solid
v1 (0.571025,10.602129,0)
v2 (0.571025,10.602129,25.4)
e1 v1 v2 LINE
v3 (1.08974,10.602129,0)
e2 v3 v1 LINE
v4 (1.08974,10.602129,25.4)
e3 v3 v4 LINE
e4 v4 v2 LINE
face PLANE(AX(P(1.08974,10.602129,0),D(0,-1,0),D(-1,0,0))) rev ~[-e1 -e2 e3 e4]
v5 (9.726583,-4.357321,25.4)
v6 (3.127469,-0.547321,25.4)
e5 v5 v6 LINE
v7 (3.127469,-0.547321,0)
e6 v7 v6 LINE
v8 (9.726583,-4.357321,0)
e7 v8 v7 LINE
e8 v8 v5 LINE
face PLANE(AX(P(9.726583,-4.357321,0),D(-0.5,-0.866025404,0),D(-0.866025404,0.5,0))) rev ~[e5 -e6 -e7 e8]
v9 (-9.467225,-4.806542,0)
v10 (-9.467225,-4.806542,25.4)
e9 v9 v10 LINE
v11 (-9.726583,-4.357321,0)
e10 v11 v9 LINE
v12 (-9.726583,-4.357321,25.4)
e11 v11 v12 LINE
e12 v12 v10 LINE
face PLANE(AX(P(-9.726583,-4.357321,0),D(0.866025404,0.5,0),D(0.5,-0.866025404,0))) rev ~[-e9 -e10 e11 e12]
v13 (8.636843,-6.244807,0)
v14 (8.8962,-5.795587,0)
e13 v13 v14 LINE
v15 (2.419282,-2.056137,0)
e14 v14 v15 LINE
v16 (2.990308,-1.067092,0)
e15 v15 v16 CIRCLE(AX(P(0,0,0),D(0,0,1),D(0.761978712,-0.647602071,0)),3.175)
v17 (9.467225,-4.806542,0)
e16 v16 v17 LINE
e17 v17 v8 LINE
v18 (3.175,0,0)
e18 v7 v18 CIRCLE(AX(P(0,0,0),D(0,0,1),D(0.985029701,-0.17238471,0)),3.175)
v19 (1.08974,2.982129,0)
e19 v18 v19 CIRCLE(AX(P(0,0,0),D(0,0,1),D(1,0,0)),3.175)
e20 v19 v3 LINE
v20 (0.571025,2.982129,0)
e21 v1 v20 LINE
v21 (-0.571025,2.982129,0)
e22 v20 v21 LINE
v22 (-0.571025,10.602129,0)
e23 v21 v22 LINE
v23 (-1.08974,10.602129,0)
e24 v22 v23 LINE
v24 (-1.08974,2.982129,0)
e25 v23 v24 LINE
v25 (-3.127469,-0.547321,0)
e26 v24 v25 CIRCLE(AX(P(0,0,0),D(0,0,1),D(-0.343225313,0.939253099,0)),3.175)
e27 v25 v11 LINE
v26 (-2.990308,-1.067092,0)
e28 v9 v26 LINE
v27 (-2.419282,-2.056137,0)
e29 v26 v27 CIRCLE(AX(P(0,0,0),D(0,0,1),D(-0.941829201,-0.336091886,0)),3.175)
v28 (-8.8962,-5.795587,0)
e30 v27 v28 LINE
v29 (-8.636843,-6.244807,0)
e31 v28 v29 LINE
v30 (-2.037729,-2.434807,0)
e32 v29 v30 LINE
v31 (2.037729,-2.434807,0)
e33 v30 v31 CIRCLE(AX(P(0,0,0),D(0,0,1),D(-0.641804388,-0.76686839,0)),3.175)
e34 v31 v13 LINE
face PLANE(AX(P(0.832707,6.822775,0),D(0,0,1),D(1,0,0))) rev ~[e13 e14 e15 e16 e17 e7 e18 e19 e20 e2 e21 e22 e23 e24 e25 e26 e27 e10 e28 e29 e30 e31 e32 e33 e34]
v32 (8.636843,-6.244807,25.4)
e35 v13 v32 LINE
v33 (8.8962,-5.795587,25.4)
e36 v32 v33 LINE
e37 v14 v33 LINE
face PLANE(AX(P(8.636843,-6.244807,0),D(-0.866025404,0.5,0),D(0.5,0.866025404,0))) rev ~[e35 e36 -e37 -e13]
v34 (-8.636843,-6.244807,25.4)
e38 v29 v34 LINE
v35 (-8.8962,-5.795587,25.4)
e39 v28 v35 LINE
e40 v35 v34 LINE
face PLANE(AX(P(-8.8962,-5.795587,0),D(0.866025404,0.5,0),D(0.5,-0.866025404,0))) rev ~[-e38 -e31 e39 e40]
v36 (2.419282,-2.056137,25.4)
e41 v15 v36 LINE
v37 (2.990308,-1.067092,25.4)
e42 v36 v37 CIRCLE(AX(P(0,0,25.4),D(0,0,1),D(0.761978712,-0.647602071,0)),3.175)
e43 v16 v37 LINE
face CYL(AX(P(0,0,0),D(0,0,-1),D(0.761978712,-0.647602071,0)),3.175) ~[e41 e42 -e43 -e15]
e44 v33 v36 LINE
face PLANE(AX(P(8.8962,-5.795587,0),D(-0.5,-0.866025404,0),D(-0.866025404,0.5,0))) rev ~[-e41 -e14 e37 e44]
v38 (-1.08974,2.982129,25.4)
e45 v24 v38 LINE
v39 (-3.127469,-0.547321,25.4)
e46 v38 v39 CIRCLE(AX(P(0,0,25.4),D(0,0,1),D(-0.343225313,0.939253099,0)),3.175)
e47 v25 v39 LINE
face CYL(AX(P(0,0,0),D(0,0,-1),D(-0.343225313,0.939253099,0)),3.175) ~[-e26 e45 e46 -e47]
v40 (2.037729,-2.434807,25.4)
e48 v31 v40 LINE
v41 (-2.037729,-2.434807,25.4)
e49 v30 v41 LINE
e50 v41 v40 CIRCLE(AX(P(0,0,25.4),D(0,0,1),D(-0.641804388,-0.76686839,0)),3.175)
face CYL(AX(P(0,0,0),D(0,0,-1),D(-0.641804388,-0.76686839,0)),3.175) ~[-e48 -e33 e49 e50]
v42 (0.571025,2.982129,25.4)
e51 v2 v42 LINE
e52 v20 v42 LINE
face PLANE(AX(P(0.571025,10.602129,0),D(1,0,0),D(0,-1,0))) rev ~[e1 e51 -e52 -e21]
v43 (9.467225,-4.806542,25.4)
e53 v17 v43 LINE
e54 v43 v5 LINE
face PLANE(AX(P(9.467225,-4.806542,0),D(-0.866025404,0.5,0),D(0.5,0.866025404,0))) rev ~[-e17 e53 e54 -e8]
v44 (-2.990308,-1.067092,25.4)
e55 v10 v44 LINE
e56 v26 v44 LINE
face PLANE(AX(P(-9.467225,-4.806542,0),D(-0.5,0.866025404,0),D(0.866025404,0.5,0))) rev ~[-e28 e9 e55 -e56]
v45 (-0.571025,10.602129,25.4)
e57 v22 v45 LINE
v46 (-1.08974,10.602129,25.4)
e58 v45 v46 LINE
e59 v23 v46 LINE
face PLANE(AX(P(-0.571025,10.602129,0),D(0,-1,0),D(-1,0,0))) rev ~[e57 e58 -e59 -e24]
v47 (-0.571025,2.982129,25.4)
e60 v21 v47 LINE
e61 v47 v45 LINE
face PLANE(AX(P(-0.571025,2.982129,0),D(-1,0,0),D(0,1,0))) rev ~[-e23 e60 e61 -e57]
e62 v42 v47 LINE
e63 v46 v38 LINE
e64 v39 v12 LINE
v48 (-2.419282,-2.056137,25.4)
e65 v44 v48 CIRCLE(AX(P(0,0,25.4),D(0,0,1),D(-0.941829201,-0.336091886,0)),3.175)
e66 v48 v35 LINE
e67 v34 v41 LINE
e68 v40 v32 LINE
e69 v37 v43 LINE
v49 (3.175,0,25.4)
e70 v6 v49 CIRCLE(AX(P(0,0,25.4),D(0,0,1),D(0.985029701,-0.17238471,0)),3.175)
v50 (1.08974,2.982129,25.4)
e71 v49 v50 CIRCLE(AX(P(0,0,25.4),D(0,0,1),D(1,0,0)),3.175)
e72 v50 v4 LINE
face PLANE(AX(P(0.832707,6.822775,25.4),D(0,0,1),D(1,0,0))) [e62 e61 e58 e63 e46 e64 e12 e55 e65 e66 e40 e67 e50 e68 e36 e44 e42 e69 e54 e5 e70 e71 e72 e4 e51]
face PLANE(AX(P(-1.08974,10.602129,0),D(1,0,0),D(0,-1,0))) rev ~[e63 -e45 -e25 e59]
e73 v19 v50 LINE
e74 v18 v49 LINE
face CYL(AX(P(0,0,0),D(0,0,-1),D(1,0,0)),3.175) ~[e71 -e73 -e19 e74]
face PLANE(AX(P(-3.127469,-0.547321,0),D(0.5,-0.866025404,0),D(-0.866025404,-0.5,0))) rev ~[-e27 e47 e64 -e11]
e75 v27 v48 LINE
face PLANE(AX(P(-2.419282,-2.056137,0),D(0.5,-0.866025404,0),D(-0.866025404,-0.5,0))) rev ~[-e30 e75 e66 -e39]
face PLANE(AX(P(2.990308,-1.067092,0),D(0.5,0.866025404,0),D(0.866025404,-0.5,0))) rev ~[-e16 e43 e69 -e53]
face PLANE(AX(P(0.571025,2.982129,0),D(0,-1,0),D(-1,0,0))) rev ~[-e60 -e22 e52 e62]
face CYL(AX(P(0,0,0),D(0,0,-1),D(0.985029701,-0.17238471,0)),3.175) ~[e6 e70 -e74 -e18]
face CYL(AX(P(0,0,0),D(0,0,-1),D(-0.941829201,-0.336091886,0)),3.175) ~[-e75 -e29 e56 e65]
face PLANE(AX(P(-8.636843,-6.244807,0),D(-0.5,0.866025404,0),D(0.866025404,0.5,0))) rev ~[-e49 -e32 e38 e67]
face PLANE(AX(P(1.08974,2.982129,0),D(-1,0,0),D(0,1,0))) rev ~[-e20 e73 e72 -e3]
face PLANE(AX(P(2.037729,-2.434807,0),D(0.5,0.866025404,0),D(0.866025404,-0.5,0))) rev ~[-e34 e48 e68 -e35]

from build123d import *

# Parameters (mm, degrees)
F1_DEPTH = 25.4


with BuildPart() as f1:
    # F0 (on Top) → F1 (new body)
    with BuildSketch(Plane.XY):
        with BuildLine():
            ThreePointArc((0.5710253026, 3.1232283144), (0.8333744276, 3.0636762335), (1.0897403684, 2.9821285904))
            Line((1.0897403684, 2.9821285904), (1.0897403684, 10.6021285904))
            Line((1.0897403684, 10.6021285904), (0.5710253026, 10.6021285904))
            Line((0.5710253026, 10.6021285904), (0.5710253026, 3.1232283144))
        make_face()
        with BuildLine():
            ThreePointArc((-1.0897403684, 2.9821285904), (-0.8333744276, 3.0636762335), (-0.5710253026, 3.1232283144))
            Line((-0.5710253026, 3.1232283144), (-0.5710253026, 10.6021285904))
            Line((-0.5710253026, 10.6021285904), (-1.0897403684, 10.6021285904))
            Line((-1.0897403684, 10.6021285904), (-1.0897403684, 2.9821285904))
        make_face()
        with BuildLine():
            ThreePointArc((-2.9903077134, -1.0670917389), (-3.0699086609, -0.8101146916), (-3.1274693008, -0.5473214526))
            Line((-3.1274693008, -0.5473214526), (-9.7265828776, -4.3573214526))
            Line((-9.7265828776, -4.3573214526), (-9.4672253448, -4.8065418769))
            Line((-9.4672253448, -4.8065418769), (-2.9903077134, -1.0670917389))
        make_face()
        with BuildLine():
            Line((-8.6368425092, -6.2448071378), (-2.0377289324, -2.4348071378))
            ThreePointArc((-2.0377289324, -2.4348071378), (-2.2365342333, -2.2535615419), (-2.4192824108, -2.0561365755))
            Line((-2.4192824108, -2.0561365755), (-8.8962000421, -5.7955867135))
            Line((-8.8962000421, -5.7955867135), (-8.6368425092, -6.2448071378))
        make_face()
        with BuildLine():
            Line((8.8962000421, -5.7955867135), (2.4192824108, -2.0561365755))
            ThreePointArc((2.4192824108, -2.0561365755), (2.2365342333, -2.2535615419), (2.0377289324, -2.4348071378))
            Line((2.0377289324, -2.4348071378), (8.6368425092, -6.2448071378))
            Line((8.6368425092, -6.2448071378), (8.8962000421, -5.7955867135))
        make_face()
        with BuildLine():
            Line((9.7265828776, -4.3573214526), (3.1274693008, -0.5473214526))
            ThreePointArc((3.1274693008, -0.5473214526), (3.0699086609, -0.8101146916), (2.9903077134, -1.0670917389))
            Line((2.9903077134, -1.0670917389), (9.4672253448, -4.8065418769))
            Line((9.4672253448, -4.8065418769), (9.7265828776, -4.3573214526))
        make_face()
        with BuildLine():
            Line((0.5710253026, 2.9821285904), (1.0897403684, 2.9821285904))
            ThreePointArc((1.0897403684, 2.9821285904), (0.8333744276, 3.0636762335), (0.5710253026, 3.1232283144))
            Line((0.5710253026, 3.1232283144), (0.5710253026, 2.9821285904))
        make_face()
        with BuildLine():
            Line((-0.5710253026, 2.9821285904), (-0.5710253026, 3.1232283144))
            ThreePointArc((-0.5710253026, 3.1232283144), (-0.8333744276, 3.0636762335), (-1.0897403684, 2.9821285904))
            Line((-1.0897403684, 2.9821285904), (-0.5710253026, 2.9821285904))
        make_face()
        with BuildLine():
            ThreePointArc((3.1274693008, -0.5473214526), (3.1630950057, -0.2746907078), (3.175, 0))
            ThreePointArc((3.175, 0), (2.6019752756, 1.819436634), (1.0897403684, 2.9821285904))
            Line((1.0897403684, 2.9821285904), (0.5710253026, 2.9821285904))
            Line((0.5710253026, 2.9821285904), (-0.5710253026, 2.9821285904))
            Line((-0.5710253026, 2.9821285904), (-1.0897403684, 2.9821285904))
            ThreePointArc((-1.0897403684, 2.9821285904), (-2.749630657, 1.5875), (-3.1274693008, -0.5473214526))
            ThreePointArc((-3.1274693008, -0.5473214526), (-3.0699086609, -0.8101146916), (-2.9903077134, -1.0670917389))
            ThreePointArc((-2.9903077134, -1.0670917389), (-2.749630657, -1.5875), (-2.4192824108, -2.0561365755))
            ThreePointArc((-2.4192824108, -2.0561365755), (-2.2365342333, -2.2535615419), (-2.0377289324, -2.4348071378))
            ThreePointArc((-2.0377289324, -2.4348071378), (0, -3.175), (2.0377289324, -2.4348071378))
            ThreePointArc((2.0377289324, -2.4348071378), (2.2365342333, -2.2535615419), (2.4192824108, -2.0561365755))
            ThreePointArc((2.4192824108, -2.0561365755), (2.749630657, -1.5875), (2.9903077134, -1.0670917389))
            ThreePointArc((2.9903077134, -1.0670917389), (3.0699086609, -0.8101146916), (3.1274693008, -0.5473214526))
        make_face()
    extrude(amount=F1_DEPTH)


solid = f1.part
